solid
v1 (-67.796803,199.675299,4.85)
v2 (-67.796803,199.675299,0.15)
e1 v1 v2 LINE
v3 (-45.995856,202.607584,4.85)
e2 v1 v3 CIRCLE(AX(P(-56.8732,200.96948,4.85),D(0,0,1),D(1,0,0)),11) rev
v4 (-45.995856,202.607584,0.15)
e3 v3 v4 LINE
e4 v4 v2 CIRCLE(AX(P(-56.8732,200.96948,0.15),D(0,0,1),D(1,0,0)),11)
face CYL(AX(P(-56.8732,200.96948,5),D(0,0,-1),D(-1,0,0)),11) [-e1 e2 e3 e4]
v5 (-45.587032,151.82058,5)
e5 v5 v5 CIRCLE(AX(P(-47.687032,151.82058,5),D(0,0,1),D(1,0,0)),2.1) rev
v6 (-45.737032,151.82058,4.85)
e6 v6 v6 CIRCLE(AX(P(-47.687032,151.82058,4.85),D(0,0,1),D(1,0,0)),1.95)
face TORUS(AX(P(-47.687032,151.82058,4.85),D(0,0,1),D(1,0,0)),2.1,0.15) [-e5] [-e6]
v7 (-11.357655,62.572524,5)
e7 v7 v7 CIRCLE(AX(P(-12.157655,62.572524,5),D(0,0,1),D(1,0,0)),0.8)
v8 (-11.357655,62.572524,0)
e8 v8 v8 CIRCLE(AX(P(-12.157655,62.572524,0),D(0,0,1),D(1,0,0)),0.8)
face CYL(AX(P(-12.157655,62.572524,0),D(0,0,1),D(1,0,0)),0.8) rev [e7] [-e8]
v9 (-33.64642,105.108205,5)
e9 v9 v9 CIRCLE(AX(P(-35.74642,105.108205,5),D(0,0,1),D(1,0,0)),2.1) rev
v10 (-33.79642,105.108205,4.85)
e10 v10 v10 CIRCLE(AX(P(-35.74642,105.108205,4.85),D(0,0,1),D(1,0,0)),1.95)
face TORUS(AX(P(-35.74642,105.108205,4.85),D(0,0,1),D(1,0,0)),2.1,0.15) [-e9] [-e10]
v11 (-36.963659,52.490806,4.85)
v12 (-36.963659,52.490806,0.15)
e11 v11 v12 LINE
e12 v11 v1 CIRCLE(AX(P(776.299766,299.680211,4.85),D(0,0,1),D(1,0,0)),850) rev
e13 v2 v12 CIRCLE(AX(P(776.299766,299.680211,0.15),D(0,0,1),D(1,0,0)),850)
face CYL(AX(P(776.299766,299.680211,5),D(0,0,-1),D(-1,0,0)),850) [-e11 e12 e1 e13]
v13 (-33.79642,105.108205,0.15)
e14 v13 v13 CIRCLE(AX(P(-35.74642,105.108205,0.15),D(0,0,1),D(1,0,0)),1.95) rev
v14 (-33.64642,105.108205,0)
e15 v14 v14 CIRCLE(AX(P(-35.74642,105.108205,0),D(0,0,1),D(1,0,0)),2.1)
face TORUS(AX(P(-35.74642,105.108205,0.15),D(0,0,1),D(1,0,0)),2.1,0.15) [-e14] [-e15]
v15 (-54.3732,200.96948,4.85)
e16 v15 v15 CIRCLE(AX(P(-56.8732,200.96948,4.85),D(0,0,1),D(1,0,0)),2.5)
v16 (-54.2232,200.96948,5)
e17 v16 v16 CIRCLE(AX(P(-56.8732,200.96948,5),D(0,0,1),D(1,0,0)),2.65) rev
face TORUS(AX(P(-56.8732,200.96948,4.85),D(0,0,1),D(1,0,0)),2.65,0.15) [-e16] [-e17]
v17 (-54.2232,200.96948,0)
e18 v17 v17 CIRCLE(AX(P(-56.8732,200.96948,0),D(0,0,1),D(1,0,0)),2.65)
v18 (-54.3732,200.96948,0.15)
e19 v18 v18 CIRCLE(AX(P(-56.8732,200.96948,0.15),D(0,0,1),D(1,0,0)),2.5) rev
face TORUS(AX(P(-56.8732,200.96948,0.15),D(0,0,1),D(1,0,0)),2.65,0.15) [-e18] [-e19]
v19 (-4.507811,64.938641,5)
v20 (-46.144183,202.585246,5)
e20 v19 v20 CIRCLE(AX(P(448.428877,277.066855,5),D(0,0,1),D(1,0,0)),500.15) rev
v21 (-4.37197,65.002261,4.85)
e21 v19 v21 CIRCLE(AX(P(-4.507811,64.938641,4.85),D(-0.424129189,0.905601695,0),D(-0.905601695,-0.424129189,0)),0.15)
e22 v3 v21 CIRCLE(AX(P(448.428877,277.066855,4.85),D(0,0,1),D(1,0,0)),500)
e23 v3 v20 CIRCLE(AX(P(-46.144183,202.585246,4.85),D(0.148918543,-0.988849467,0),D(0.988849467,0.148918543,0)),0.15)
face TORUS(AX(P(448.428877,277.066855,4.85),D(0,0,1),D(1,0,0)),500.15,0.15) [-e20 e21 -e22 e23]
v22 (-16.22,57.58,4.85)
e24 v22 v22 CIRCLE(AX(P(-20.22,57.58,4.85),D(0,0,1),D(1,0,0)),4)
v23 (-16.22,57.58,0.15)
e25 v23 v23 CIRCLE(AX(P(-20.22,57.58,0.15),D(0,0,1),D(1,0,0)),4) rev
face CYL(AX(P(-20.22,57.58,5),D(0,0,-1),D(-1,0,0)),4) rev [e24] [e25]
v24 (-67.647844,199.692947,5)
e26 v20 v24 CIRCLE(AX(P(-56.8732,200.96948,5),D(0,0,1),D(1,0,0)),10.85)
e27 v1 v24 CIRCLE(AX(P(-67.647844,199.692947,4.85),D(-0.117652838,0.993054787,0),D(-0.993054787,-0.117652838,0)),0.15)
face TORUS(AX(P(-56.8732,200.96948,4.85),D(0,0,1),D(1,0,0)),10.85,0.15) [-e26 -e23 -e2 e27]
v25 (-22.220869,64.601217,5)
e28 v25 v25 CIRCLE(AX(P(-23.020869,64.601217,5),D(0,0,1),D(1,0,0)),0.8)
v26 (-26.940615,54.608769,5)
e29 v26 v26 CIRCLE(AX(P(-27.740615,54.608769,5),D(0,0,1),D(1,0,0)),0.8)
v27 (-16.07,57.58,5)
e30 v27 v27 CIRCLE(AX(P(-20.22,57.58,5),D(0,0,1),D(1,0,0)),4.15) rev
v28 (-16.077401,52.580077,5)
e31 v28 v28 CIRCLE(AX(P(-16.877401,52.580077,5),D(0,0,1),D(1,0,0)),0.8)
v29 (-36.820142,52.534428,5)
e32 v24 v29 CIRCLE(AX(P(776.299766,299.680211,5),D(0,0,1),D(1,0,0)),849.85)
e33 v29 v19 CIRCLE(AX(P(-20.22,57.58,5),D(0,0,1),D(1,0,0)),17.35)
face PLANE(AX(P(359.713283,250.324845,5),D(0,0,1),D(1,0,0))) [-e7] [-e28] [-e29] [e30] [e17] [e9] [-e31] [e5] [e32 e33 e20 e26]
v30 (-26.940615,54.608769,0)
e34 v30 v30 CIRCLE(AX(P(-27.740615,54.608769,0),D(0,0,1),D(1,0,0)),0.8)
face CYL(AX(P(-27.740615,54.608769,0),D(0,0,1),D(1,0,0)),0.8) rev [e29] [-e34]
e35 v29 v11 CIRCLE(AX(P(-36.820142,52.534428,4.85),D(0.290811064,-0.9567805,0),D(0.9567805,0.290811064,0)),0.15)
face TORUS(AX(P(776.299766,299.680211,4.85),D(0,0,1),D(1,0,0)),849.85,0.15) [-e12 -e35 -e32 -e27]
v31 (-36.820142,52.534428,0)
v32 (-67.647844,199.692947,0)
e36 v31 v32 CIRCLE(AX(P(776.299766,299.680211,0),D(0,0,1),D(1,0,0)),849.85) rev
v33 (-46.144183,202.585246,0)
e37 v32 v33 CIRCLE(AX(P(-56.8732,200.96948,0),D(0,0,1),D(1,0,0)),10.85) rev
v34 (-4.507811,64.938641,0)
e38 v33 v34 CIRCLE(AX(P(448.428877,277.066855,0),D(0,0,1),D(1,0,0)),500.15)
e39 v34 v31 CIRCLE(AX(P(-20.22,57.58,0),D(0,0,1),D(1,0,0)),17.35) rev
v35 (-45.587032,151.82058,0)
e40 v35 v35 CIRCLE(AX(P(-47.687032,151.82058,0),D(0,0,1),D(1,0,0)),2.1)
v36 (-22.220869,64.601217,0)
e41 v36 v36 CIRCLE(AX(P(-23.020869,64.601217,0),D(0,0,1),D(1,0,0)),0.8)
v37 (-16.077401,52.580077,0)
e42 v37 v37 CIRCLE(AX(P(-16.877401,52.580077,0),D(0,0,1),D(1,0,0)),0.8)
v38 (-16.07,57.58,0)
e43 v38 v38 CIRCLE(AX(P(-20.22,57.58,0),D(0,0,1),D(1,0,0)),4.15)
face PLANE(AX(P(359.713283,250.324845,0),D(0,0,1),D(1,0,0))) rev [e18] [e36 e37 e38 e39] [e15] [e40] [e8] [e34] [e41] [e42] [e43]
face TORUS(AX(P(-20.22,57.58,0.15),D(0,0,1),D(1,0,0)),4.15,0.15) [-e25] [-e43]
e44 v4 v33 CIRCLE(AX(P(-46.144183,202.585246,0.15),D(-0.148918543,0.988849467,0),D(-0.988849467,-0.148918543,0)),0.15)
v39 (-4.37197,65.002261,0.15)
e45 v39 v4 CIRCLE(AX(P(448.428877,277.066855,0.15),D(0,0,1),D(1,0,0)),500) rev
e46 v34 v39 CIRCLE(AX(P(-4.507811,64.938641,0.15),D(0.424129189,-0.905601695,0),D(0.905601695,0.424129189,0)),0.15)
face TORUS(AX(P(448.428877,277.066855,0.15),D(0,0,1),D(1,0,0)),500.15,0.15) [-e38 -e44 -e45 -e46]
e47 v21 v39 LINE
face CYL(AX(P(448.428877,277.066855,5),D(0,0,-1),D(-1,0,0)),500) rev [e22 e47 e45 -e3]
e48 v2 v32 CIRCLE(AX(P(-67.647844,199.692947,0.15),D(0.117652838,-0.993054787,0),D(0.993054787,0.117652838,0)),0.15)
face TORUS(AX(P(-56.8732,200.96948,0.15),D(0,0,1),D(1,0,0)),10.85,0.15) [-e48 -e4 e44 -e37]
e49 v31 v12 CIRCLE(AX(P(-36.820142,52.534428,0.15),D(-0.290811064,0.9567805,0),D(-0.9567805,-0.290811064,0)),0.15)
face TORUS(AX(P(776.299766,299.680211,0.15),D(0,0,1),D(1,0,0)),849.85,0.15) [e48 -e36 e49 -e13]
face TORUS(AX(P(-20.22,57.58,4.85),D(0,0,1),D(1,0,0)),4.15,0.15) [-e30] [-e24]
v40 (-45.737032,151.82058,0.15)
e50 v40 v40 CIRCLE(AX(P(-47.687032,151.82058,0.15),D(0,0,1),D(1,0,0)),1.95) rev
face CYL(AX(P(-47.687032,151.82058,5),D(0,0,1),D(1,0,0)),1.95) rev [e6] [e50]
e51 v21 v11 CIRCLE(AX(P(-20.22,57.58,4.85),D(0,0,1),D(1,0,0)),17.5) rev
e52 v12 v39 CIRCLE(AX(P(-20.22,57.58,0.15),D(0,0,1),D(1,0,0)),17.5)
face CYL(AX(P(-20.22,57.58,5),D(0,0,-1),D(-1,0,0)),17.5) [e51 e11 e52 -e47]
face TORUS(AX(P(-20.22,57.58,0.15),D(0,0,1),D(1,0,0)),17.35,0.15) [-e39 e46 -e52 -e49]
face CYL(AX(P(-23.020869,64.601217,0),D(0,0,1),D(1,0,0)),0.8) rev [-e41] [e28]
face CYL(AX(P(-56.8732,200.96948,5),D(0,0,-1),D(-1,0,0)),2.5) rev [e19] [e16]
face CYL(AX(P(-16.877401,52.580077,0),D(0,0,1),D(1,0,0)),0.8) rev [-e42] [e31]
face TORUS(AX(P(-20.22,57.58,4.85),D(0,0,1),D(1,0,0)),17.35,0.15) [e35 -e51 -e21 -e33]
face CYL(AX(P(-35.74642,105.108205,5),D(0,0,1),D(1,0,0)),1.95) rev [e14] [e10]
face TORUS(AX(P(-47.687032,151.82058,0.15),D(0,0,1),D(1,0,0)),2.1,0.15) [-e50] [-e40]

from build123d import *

# Parameters (mm, degrees)
SKETCH1_R              = 2.5
SKETCH1_R_2            = 4
BOSS_EXTRUDE1_DEPTH    = 5
M3_5_CLEARANCE_HOLE1_D = 3.9
FILLET1_R              = 0.15
SKETCH4_R              = 0.8
CUT_EXTRUDE1_DEPTH     = 223.627113526


with BuildPart() as part:
    # Sketch1 → Boss-Extrude1 (new body)
    with BuildSketch(Plane.XY):
        with BuildLine():
            ThreePointArc((-45.995855866, 202.607583819), (-30.15536968, 132.301119009), (-4.371970329, 65.002260812))
            ThreePointArc((-4.371970329, 65.002260812), (-13.948264924, 41.242456147), (-36.963658749, 52.49080638))
            ThreePointArc((-36.963658749, 52.49080638), (-55.641551414, 125.399850291), (-67.796802654, 199.675298628))
            ThreePointArc((-67.796802654, 199.675298628), (-58.339525021, 211.871309549), (-45.995855866, 202.607583819))
        make_face()
        with Locations((-56.873199998, 200.969479844)):
            Circle(SKETCH1_R, mode=Mode.SUBTRACT)
        with Locations((-20.22, 57.58)):
            Circle(SKETCH1_R_2, mode=Mode.SUBTRACT)
    extrude(amount=BOSS_EXTRUDE1_DEPTH)

    # M3.5 Clearance Hole1 (through all)
    with Locations(Plane.XY.offset(5)):
        with Locations((-47.687031561, 151.820580472), (-35.746420287, 105.108205027)):
            Hole(M3_5_CLEARANCE_HOLE1_D / 2)

    # Fillet1
    fillet1_edges = [part.edges().sort_by_distance(p)[0] for p in [
        (-59.373199998, 200.969479844, 0),
        (-59.373199998, 200.969479844, 5),
        (-13.948264924, 41.242456147, 5),
        (-24.22, 57.58, 0),
        (-24.22, 57.58, 5),
        (-30.15536968, 132.301119009, 5),
        (-33.796420287, 105.108205027, 5),
        (-33.796420287, 105.108205027, 0),
        (-45.737031561, 151.820580472, 5),
        (-45.737031561, 151.820580472, 0),
        (-58.339525021, 211.871309549, 5),
        (-30.15536968, 132.301119009, 0),
        (-13.948264924, 41.242456147, 0),
        (-55.641551414, 125.399850291, 0),
        (-58.339525021, 211.871309549, 0),
        (-55.641551414, 125.399850291, 5),
    ]]
    fillet(fillet1_edges, radius=FILLET1_R)

    # Sketch4 → Cut-Extrude1 (cut, through all)
    with BuildSketch(Plane.XY.offset(5)):
        with Locations((-27.74061462, 54.608769498)):
            Circle(SKETCH4_R)
        with Locations((-16.877401205, 52.580076742)):
            Circle(SKETCH4_R)
        with Locations((-23.020868887, 64.601216657)):
            Circle(SKETCH4_R)
        with Locations((-12.157655472, 62.572523901)):
            Circle(SKETCH4_R)
    extrude(amount=-CUT_EXTRUDE1_DEPTH, mode=Mode.SUBTRACT)


solid = part.part
